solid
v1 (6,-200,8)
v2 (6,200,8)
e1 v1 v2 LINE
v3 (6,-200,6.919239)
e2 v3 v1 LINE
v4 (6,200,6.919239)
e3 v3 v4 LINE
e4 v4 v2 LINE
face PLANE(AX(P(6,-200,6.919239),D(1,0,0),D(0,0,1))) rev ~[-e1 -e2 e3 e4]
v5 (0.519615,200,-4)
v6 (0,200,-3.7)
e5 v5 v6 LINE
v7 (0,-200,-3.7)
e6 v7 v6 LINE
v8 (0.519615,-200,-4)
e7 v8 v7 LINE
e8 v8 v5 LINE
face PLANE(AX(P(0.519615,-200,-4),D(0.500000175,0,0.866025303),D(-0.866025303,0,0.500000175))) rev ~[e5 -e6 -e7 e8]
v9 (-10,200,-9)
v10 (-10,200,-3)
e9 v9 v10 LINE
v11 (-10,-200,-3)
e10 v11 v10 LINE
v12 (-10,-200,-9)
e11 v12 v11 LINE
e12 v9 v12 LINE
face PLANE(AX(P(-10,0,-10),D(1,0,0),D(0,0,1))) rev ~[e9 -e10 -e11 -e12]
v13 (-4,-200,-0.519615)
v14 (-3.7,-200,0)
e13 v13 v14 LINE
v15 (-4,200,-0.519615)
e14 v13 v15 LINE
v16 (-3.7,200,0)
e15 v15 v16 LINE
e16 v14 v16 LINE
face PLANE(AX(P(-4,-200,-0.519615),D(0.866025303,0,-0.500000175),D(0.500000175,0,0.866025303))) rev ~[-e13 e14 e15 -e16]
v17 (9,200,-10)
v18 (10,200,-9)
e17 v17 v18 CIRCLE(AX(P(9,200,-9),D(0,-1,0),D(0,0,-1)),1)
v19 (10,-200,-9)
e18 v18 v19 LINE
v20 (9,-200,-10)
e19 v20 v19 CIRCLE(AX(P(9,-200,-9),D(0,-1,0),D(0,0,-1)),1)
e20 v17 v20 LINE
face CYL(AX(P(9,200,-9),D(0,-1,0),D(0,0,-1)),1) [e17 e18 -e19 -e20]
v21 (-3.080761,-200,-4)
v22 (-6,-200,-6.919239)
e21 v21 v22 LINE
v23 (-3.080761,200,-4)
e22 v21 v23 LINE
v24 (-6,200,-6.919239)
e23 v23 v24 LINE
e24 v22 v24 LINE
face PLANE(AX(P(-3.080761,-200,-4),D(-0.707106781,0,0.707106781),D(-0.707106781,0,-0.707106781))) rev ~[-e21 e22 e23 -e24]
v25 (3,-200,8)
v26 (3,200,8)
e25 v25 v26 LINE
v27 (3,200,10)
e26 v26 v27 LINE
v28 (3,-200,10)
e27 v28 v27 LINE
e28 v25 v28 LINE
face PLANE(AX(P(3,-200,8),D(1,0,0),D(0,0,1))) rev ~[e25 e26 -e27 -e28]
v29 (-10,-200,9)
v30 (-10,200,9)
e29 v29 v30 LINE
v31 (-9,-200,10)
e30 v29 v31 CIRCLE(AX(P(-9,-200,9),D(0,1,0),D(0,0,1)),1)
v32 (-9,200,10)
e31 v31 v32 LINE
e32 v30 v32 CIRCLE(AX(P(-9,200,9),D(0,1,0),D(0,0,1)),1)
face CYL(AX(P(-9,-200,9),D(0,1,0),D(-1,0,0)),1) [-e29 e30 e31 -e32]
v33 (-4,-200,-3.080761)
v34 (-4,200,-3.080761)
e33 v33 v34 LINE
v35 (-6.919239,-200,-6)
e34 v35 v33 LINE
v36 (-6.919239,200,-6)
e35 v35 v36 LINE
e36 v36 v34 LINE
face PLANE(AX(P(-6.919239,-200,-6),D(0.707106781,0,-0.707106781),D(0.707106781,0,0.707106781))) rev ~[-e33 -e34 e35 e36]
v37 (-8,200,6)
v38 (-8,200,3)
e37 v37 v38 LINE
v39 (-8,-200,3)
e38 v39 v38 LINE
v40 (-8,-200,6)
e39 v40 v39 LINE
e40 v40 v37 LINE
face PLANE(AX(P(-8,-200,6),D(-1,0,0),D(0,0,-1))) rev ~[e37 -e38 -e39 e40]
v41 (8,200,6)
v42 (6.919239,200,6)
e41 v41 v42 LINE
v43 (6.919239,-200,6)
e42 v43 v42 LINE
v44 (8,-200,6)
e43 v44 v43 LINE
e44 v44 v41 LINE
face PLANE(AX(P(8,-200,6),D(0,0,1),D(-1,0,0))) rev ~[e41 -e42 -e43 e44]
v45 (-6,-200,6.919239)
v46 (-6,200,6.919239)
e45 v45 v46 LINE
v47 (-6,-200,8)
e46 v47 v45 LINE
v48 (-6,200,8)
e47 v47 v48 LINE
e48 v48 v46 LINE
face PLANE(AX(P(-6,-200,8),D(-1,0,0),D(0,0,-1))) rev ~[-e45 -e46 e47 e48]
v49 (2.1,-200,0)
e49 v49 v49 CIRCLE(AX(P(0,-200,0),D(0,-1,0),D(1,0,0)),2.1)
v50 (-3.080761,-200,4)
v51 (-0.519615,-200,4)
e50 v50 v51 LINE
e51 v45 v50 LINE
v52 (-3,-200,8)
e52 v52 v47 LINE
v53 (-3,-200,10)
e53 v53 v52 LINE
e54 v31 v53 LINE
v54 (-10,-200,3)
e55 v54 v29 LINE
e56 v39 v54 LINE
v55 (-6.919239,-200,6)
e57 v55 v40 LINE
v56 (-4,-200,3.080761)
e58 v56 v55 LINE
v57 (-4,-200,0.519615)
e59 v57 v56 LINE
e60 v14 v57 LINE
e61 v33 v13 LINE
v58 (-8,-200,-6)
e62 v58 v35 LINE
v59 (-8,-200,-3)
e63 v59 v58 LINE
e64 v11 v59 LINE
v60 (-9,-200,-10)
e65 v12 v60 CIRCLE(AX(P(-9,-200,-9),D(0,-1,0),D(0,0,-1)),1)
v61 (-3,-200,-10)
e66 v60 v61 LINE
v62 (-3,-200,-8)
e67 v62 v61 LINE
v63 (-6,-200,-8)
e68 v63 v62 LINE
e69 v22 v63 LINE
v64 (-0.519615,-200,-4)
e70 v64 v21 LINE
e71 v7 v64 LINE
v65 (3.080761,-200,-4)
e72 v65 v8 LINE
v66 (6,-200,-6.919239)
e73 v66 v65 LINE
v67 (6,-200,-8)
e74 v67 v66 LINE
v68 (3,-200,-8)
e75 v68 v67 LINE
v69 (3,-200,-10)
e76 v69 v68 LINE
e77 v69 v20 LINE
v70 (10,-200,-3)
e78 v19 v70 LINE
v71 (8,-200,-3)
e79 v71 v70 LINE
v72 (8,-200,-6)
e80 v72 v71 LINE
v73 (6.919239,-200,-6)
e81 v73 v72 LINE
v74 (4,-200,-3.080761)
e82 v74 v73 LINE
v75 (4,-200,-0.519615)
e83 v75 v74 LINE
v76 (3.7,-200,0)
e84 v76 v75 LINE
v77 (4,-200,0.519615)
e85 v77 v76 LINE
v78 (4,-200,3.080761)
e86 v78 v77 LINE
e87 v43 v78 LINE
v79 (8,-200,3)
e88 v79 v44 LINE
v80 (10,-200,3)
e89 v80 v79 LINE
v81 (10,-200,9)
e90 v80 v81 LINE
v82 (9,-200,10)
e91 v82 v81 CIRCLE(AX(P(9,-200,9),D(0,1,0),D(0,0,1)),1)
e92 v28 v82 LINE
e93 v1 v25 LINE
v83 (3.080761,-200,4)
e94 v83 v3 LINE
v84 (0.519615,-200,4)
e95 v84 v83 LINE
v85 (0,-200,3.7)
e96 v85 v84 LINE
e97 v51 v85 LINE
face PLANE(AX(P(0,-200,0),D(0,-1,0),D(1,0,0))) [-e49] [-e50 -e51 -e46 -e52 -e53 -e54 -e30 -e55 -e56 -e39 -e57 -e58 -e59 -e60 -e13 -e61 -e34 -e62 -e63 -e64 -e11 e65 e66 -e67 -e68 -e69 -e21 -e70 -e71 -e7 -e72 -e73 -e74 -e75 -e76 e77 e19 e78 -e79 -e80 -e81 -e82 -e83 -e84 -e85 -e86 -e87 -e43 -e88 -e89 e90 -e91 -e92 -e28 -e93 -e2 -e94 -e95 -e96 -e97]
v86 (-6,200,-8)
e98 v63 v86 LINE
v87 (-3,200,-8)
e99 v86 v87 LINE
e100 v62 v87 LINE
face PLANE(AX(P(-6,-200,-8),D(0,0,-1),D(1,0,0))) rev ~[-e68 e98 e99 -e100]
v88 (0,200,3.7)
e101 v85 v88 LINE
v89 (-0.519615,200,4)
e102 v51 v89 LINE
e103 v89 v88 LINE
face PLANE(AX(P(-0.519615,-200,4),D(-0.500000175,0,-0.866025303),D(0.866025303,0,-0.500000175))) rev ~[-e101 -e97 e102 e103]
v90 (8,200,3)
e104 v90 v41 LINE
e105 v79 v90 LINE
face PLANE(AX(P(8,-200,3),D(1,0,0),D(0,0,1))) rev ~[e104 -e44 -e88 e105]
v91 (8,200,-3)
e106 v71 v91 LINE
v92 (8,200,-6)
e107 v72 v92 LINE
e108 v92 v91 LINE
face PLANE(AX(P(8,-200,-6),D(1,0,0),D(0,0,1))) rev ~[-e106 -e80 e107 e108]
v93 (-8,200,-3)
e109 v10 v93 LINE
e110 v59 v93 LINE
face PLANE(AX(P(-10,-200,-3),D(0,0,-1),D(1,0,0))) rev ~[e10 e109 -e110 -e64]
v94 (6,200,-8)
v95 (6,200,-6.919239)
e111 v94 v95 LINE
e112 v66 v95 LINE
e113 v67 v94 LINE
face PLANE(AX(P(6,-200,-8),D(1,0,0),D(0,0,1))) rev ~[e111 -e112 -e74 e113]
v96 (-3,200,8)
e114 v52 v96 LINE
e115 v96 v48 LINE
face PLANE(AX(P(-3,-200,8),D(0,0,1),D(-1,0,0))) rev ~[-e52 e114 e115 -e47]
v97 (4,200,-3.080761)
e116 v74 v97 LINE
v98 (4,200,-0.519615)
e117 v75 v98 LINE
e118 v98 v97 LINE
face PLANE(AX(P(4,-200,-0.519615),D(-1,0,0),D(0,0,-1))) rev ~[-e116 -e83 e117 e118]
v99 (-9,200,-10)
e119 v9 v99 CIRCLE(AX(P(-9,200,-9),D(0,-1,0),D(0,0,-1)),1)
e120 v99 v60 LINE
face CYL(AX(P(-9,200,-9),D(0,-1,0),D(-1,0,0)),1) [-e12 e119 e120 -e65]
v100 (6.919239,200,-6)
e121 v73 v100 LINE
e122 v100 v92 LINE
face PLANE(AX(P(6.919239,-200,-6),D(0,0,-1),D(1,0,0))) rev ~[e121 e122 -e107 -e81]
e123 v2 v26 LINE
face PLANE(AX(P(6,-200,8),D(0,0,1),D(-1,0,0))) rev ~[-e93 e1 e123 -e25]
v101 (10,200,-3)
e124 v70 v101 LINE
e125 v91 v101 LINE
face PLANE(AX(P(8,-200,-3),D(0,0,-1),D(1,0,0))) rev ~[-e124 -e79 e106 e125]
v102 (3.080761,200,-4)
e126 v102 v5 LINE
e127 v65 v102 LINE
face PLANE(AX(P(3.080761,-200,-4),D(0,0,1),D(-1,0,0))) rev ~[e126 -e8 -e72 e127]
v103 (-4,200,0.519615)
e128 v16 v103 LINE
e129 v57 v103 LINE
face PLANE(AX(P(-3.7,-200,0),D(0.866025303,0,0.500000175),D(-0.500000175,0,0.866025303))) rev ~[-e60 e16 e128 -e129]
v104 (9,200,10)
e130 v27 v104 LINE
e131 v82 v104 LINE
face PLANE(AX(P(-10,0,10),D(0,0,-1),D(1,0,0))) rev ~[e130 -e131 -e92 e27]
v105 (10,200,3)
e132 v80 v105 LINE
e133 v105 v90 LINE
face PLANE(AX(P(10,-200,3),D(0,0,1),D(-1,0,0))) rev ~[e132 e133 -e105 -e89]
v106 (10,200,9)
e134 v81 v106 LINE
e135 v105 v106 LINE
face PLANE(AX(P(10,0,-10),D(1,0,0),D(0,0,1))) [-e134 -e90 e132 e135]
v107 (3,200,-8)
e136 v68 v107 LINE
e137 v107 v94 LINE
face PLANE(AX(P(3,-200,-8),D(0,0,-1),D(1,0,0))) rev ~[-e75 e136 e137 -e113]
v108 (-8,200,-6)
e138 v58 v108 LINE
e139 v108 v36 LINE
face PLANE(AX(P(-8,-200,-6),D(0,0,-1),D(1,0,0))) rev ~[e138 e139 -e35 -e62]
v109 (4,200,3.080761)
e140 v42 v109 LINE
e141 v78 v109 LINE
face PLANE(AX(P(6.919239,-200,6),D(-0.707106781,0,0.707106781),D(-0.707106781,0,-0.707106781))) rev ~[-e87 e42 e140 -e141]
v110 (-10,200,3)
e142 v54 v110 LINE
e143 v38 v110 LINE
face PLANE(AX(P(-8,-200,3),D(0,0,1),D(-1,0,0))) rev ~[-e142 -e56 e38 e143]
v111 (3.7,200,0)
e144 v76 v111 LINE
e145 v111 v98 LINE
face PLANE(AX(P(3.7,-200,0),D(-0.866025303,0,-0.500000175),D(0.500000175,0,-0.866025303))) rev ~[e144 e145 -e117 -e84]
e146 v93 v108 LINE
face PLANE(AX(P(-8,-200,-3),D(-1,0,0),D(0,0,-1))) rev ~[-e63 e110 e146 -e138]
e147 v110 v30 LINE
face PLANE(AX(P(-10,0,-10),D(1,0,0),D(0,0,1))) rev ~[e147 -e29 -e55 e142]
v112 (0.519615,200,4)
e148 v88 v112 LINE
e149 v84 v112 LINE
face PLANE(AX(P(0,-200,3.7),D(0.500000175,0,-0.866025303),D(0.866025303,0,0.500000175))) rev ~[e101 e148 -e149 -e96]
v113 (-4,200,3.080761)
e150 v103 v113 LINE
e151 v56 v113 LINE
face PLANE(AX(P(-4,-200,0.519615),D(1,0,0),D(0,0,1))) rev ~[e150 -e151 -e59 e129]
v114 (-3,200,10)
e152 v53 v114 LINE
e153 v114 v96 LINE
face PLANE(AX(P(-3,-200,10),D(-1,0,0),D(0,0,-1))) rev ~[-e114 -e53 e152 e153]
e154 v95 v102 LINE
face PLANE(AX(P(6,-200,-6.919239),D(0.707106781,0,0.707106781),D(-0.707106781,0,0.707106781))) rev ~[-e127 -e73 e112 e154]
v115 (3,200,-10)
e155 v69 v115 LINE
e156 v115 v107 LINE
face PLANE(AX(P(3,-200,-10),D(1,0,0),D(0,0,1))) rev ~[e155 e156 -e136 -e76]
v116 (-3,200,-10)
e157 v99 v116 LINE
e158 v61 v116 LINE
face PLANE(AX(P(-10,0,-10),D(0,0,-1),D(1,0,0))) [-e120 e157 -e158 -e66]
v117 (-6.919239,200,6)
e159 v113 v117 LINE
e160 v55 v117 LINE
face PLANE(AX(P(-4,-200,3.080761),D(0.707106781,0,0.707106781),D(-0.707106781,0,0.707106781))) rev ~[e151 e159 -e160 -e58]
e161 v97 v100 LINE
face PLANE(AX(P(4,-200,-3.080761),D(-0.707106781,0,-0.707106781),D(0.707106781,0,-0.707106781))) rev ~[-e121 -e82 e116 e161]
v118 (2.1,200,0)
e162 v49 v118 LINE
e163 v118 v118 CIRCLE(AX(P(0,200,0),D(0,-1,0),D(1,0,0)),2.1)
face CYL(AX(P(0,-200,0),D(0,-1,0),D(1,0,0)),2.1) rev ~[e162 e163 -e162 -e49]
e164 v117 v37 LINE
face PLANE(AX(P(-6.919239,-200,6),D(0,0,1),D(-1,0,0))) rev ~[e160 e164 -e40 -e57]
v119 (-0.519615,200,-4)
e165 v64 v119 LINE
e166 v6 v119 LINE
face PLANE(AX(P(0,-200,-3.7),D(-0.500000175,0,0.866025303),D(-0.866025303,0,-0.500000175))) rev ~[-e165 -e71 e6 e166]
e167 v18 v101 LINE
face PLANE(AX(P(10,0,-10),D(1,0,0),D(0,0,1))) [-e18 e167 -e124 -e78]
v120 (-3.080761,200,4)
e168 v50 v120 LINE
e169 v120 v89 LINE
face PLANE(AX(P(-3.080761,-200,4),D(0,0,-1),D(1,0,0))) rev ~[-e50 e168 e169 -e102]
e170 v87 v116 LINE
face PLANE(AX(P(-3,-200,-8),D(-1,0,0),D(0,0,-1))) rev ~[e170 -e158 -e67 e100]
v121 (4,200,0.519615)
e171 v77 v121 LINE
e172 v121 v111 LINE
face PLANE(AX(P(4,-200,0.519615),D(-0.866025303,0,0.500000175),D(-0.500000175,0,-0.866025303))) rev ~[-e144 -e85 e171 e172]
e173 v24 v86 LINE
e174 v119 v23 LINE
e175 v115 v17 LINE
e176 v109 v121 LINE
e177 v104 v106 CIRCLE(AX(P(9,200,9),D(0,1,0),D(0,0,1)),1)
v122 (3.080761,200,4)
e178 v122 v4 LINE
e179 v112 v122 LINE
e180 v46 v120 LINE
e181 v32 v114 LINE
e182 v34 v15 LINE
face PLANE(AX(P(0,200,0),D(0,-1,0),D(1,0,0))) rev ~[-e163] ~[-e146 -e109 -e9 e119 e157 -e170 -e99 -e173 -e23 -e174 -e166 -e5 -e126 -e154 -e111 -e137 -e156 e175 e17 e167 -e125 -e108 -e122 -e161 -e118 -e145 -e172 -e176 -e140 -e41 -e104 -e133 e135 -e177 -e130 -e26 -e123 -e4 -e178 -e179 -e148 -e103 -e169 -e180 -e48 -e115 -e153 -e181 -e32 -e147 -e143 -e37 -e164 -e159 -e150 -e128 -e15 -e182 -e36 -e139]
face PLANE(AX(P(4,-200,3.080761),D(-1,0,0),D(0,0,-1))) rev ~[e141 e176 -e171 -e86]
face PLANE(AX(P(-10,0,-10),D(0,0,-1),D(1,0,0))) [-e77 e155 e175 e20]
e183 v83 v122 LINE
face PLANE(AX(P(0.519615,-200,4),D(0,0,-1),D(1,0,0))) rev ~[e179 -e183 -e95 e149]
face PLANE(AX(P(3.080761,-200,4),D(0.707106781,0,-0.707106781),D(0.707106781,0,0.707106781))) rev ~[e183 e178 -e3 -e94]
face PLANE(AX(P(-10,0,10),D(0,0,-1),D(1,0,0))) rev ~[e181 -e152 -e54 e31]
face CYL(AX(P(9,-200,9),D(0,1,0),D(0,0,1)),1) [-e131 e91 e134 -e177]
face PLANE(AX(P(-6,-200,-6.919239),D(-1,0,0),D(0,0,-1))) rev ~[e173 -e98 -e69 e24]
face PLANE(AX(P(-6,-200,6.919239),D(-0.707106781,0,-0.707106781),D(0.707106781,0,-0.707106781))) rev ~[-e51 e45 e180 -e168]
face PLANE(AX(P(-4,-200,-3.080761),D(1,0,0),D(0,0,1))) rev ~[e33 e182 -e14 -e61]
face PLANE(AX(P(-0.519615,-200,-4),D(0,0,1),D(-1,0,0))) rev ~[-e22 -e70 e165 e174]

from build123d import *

# Parameters (mm, degrees)
SKETCH_W           = 20
SKETCH_H           = 20
PAD_DEPTH          = 200
POCKET_DEPTH       = 1201.998506
POLARPATTERN_COUNT = 4
SKETCH002_R        = 2.1
POCKET001_DEPTH    = 400.001
FILLET_R           = 1


with BuildPart() as part:
    # Sketch → Pad (new body, symmetric)
    with BuildSketch(Plane.XZ):
        Rectangle(SKETCH_W, SKETCH_H)
    extrude(amount=PAD_DEPTH, both=True)

    # Sketch001 (on Face6 of Pad) → Pocket (cut, through all)
    with BuildSketch(Plane.XZ.offset(200)):
        Polygon((-3, 10), (-3, 8), (-6, 8), (-6, 6.919239), (-3.080761, 4), (-0.519615, 4), (0, 3.7), (0.519615, 4), (3.080761, 4), (6, 6.919239), (6, 8), (3, 8), (3, 10), align=None)
    pocket = extrude(amount=-POCKET_DEPTH, mode=Mode.SUBTRACT)

    # PolarPattern: Pocket ×4 about axis
    polarpattern_axis = Axis((0, -200, 0), (0, -1, 0))
    for i in range(1, POLARPATTERN_COUNT):
        add(pocket.rotate(polarpattern_axis, i * 360 / POLARPATTERN_COUNT), mode=Mode.SUBTRACT)

    # Sketch002 (on Face4 of PolarPattern) → Pocket001 (cut, through all)
    with BuildSketch(Plane.XZ.offset(200)):
        Circle(SKETCH002_R)
    extrude(amount=-POCKET001_DEPTH, mode=Mode.SUBTRACT)

    # Fillet
    fillet_edges = [part.edges().sort_by_distance(p)[0] for p in [
        (-10, 0, 10),
        (10, 0, 10),
        (10, 0, -10),
        (-10, 0, -10),
    ]]
    fillet(fillet_edges, radius=FILLET_R)


solid = part.part
